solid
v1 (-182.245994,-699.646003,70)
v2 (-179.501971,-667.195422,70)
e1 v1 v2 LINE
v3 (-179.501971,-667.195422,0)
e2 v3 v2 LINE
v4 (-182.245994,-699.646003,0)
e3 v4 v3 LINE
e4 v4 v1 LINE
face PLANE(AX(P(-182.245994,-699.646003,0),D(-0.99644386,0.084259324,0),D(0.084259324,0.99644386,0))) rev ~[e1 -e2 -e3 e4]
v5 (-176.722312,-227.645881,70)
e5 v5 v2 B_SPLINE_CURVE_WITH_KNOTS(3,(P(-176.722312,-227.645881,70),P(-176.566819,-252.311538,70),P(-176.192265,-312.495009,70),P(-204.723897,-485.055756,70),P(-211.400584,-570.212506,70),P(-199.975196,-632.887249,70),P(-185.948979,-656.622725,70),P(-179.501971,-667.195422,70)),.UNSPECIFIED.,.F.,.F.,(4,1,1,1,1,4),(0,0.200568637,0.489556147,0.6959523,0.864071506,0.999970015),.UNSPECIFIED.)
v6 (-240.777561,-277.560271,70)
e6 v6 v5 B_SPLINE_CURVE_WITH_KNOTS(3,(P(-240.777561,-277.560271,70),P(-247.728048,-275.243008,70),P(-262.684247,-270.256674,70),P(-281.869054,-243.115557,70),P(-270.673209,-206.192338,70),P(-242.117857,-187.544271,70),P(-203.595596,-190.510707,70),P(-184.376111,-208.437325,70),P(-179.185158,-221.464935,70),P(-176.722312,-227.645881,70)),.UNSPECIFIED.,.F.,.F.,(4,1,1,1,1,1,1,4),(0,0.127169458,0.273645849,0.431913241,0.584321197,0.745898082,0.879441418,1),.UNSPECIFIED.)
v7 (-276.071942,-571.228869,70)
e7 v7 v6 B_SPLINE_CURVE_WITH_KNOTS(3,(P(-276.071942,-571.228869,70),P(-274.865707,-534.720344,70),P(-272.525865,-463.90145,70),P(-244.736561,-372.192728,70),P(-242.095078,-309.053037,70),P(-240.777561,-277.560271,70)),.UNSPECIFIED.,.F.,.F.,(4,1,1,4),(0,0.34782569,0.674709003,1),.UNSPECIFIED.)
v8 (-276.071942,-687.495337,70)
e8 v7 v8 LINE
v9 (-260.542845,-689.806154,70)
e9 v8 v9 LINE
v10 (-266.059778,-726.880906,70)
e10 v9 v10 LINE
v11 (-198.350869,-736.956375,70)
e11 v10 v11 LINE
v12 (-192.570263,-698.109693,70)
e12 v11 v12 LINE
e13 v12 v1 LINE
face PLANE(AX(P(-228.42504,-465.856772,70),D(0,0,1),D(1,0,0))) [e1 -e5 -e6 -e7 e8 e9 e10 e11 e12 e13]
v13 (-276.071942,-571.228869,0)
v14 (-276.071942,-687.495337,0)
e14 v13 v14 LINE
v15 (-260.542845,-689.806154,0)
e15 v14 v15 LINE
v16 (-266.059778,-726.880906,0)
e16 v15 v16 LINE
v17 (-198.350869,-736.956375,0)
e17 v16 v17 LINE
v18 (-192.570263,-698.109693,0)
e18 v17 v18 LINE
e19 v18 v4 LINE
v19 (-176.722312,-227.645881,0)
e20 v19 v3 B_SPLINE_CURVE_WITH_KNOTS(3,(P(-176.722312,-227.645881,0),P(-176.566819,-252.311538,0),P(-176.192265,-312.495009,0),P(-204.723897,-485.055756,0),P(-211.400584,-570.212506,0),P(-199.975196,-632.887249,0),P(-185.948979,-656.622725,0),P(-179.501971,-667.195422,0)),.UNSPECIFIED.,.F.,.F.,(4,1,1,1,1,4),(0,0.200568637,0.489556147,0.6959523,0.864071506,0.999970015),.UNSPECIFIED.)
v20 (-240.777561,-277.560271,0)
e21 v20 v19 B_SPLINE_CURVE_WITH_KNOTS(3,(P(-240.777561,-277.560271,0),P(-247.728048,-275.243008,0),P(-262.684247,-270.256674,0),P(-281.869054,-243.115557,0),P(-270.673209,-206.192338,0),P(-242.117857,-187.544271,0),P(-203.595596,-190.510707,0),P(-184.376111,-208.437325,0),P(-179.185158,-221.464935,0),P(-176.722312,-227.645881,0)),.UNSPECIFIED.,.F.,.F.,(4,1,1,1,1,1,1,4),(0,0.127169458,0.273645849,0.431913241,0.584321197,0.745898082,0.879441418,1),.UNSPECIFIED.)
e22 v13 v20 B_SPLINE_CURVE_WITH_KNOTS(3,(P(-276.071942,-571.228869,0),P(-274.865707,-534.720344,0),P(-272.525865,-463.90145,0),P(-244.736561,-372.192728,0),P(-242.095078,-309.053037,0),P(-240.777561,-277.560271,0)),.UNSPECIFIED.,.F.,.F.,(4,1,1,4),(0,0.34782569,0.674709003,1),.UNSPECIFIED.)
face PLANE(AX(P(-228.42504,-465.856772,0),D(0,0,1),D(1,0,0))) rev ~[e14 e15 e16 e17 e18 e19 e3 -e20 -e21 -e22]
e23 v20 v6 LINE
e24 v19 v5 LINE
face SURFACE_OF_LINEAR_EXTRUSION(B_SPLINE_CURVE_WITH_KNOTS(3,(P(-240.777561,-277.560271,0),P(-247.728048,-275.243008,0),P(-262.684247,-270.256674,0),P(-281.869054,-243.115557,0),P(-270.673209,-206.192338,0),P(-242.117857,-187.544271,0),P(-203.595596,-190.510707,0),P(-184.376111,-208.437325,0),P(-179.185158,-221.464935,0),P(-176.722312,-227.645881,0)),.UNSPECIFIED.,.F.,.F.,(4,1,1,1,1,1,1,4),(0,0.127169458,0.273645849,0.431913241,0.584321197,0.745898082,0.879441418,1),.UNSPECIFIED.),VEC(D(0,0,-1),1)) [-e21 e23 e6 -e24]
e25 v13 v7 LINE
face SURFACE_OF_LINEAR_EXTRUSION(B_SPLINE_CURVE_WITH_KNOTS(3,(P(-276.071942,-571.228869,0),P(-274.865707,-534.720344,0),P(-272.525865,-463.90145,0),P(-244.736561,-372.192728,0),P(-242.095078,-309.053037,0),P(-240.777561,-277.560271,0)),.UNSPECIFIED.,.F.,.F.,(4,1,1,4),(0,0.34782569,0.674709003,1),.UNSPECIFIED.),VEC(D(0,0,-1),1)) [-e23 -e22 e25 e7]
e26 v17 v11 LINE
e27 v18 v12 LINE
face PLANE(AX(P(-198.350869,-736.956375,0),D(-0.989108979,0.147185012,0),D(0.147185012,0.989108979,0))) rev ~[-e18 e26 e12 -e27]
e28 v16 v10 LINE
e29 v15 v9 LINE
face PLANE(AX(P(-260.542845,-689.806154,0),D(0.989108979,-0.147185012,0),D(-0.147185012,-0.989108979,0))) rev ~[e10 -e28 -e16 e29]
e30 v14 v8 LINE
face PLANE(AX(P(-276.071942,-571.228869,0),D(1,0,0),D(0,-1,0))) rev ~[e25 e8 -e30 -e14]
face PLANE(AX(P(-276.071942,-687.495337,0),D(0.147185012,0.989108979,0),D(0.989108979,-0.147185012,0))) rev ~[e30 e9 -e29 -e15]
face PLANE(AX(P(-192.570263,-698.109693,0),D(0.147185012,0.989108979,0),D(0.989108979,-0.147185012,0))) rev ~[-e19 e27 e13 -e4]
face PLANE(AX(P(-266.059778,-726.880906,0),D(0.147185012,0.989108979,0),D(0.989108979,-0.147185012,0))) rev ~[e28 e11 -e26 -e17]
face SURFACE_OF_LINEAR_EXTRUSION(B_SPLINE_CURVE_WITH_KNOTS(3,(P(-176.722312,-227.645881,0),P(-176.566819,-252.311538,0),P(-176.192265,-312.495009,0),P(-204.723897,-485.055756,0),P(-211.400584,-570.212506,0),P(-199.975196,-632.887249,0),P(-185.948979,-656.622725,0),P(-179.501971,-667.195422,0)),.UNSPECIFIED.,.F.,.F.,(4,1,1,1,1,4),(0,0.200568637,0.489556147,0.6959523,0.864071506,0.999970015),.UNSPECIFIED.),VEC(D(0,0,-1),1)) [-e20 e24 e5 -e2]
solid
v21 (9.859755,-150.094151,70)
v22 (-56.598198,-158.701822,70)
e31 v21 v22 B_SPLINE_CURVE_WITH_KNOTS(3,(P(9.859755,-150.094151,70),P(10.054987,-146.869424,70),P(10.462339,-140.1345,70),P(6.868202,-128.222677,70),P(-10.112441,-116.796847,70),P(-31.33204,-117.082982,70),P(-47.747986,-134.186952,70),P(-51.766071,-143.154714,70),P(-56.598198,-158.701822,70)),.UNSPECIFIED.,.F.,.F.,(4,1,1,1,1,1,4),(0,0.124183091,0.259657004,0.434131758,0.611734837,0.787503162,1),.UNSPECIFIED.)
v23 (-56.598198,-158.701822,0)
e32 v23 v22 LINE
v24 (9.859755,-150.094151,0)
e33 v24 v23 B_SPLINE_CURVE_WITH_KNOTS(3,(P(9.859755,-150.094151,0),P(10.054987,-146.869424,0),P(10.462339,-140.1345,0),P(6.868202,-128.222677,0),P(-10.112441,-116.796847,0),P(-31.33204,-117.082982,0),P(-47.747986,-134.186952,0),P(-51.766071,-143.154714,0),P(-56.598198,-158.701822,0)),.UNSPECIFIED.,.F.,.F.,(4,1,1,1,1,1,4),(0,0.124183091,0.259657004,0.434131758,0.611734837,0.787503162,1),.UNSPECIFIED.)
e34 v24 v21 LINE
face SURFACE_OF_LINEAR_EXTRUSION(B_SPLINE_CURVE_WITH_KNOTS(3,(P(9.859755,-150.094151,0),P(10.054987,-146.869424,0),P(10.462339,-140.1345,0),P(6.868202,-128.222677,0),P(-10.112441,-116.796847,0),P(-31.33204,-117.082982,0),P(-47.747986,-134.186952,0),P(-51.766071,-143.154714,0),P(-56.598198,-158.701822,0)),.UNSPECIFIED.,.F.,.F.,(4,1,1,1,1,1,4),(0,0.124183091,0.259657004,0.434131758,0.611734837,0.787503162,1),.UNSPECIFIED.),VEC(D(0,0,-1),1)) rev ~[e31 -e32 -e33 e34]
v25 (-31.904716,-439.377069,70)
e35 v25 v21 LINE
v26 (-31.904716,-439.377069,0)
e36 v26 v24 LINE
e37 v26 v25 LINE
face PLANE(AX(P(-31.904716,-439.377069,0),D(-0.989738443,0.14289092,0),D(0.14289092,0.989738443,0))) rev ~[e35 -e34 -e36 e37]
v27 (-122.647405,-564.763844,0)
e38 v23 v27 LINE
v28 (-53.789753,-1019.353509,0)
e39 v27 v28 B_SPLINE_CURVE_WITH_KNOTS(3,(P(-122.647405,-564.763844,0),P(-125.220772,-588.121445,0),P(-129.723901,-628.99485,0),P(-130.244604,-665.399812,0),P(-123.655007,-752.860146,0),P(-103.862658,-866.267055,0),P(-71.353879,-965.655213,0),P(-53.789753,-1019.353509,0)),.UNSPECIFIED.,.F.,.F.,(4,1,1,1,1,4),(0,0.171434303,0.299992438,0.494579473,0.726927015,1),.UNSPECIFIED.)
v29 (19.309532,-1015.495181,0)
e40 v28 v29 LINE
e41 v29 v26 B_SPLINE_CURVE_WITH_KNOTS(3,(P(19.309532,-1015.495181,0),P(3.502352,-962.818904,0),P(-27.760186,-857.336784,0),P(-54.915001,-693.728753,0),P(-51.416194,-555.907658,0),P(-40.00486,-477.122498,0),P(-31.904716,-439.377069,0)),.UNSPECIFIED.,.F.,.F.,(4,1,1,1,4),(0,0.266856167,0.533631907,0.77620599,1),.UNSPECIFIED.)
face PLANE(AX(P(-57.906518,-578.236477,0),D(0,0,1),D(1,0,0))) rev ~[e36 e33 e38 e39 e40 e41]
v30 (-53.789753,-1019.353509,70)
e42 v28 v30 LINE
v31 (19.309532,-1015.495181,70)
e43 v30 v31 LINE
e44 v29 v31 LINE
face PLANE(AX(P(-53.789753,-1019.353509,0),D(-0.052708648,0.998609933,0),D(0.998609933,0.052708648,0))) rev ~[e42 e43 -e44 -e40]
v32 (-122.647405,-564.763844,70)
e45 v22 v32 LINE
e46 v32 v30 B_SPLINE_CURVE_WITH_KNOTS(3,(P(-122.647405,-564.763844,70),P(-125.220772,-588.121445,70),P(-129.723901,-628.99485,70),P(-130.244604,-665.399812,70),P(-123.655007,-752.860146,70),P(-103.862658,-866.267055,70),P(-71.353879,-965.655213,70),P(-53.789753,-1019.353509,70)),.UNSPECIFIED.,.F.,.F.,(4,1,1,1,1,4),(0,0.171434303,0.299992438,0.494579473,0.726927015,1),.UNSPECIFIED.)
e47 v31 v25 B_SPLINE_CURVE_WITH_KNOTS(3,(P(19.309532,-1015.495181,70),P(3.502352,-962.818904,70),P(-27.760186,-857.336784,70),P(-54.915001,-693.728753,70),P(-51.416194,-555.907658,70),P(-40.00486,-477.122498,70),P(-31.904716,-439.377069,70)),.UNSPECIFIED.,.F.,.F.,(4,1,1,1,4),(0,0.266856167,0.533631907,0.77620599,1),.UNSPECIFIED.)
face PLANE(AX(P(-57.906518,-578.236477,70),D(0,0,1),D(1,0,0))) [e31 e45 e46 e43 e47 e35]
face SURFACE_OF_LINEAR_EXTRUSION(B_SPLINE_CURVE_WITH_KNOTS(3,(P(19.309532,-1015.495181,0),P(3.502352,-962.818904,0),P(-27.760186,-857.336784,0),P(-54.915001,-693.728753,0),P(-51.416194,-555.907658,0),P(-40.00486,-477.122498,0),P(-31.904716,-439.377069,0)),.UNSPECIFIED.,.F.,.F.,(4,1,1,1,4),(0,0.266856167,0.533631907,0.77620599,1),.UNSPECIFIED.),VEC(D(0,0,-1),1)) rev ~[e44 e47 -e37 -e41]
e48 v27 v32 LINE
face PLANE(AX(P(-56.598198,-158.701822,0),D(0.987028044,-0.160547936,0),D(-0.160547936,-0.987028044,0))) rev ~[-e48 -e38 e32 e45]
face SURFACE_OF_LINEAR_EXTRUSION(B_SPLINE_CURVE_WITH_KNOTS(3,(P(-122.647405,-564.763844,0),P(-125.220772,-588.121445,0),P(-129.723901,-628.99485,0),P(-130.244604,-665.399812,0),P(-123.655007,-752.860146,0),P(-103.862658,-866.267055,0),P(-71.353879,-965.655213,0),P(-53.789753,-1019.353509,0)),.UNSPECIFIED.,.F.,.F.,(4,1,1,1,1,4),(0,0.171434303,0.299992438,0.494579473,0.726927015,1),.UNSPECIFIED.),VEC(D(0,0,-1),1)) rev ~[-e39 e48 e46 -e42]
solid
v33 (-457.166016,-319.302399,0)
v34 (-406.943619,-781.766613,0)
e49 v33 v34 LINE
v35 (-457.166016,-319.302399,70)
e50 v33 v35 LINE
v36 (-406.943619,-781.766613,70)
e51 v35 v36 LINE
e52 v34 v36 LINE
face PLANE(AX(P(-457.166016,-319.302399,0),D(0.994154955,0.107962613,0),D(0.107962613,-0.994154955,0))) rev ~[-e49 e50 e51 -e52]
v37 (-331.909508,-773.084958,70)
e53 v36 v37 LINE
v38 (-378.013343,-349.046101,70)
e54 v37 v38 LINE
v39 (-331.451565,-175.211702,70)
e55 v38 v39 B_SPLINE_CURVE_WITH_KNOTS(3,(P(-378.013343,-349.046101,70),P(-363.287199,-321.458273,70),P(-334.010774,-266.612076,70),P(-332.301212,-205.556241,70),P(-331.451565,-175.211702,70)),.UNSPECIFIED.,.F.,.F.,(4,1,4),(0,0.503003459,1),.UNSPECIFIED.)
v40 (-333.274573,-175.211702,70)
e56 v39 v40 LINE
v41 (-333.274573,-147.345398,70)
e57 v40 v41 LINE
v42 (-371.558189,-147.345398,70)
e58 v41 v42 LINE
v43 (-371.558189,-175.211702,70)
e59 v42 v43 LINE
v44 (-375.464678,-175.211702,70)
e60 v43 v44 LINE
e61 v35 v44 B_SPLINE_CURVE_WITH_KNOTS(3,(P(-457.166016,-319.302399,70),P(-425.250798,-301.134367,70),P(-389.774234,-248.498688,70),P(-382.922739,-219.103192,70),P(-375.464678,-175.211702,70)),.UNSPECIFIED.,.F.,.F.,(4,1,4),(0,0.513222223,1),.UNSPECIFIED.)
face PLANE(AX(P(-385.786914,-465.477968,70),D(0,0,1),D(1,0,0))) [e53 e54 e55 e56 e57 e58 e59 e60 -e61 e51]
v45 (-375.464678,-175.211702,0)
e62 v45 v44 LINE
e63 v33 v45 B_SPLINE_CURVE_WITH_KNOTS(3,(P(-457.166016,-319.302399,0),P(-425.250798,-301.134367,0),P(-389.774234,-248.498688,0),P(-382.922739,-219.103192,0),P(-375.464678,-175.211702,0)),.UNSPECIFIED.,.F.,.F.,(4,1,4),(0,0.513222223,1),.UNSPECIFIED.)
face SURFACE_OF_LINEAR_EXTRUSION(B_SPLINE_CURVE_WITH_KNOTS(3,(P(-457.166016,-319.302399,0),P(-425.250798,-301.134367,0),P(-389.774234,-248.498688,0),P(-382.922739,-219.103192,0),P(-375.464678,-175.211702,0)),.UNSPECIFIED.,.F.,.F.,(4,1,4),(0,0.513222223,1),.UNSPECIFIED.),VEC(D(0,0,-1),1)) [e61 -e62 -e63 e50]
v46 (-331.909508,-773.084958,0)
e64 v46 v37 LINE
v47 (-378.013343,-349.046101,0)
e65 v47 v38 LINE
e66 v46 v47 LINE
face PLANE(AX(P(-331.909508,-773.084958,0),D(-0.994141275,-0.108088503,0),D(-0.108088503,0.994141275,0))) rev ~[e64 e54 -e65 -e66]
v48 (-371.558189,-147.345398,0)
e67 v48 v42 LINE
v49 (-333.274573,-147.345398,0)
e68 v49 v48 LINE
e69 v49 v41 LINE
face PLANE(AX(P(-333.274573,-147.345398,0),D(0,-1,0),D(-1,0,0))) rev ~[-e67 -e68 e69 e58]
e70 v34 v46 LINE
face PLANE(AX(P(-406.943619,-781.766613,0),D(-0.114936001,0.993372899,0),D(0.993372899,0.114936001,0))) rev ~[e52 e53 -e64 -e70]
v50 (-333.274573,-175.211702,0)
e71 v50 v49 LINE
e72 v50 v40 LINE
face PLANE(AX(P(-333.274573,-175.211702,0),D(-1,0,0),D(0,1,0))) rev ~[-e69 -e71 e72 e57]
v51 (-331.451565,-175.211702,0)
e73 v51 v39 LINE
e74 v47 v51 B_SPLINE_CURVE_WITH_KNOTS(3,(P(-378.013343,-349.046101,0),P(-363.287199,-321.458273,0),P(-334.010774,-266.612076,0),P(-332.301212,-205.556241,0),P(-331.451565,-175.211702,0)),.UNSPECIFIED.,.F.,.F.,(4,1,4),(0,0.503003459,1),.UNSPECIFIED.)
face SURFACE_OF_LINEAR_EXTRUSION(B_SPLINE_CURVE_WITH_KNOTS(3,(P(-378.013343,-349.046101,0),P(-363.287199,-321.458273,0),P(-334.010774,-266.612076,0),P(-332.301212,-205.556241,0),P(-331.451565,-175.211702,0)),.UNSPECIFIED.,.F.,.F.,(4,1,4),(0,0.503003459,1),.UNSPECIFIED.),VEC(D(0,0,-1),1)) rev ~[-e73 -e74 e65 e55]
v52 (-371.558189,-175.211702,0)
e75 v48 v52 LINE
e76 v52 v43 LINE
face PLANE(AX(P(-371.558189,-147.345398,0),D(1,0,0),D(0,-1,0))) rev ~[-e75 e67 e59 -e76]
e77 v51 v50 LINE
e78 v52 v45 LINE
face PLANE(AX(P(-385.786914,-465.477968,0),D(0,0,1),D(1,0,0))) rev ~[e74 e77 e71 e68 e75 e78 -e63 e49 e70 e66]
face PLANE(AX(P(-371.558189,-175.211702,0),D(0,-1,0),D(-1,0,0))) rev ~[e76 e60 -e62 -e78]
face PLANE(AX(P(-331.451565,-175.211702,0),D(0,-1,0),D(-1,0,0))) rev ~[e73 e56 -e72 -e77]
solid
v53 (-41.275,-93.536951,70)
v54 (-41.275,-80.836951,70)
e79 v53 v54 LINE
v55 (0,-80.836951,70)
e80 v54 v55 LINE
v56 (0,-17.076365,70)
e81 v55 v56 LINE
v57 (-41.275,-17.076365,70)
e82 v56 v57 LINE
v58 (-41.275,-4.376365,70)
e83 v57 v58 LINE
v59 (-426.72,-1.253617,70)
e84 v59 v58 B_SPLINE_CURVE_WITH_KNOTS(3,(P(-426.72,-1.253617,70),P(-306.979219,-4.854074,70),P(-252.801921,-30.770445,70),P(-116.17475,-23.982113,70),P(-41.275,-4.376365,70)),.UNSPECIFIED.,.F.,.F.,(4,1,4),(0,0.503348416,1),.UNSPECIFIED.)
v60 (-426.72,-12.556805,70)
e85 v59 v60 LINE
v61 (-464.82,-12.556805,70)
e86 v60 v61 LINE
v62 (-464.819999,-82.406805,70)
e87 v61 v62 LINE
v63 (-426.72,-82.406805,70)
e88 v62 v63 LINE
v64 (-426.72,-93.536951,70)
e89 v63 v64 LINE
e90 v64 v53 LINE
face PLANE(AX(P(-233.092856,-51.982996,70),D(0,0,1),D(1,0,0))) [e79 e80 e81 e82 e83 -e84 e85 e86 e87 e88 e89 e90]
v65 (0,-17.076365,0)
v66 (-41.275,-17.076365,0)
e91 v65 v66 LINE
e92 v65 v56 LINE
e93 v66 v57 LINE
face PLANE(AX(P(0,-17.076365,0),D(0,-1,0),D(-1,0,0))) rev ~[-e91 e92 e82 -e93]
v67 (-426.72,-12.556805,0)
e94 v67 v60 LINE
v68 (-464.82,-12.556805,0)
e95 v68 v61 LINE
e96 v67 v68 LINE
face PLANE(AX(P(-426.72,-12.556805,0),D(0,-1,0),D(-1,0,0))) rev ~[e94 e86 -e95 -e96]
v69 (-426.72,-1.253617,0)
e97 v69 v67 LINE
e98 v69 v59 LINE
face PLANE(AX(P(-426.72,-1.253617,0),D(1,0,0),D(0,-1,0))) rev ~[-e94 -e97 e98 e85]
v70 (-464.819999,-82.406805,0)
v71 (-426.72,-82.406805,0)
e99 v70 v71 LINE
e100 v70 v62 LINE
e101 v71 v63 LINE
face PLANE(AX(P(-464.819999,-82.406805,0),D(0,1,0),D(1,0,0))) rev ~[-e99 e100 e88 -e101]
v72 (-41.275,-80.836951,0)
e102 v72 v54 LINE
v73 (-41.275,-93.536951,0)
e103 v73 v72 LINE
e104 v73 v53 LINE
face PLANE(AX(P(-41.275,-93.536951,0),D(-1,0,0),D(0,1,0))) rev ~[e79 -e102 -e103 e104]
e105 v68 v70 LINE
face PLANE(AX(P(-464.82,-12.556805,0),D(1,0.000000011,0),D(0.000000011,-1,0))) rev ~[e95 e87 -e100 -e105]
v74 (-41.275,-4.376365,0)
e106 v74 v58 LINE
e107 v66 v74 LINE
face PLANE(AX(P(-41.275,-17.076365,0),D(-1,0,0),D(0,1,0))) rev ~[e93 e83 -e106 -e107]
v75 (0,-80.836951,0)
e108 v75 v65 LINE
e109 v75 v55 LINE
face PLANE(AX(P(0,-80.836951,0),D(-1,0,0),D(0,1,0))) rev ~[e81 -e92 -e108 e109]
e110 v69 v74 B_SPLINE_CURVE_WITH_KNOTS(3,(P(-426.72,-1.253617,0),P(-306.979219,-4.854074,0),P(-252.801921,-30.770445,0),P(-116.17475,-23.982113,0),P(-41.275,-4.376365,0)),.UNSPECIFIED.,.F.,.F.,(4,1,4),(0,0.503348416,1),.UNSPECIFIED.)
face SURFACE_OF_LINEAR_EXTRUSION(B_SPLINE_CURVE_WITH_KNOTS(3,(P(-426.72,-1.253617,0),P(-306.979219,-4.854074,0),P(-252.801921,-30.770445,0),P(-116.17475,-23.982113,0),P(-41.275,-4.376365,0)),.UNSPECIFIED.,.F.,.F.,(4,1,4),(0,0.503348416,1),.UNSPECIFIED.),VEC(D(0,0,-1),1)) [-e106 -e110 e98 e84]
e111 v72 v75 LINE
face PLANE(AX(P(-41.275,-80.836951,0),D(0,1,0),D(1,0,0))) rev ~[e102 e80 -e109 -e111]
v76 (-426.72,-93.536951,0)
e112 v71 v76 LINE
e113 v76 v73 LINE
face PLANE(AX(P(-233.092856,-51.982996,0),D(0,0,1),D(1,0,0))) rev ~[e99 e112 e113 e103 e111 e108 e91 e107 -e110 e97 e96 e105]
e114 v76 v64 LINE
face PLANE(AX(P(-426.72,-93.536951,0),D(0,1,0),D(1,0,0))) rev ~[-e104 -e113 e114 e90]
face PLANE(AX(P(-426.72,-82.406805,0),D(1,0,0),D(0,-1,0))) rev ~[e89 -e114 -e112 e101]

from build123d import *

# Parameters (mm, degrees)
F1_DEPTH = 70
F5_DEPTH = 70
F6_DEPTH = 70
F7_DEPTH = 70


with BuildPart() as f1:
    # F0 (on Top) → F1 (new body)
    with BuildSketch(Plane.XY):
        with BuildLine():
            Line((0, -80.8369506478), (0, -17.0763648719))
            Line((0, -17.0763648719), (-41.275, -17.0763648719))
            Line((-41.275, -17.0763648719), (-41.275, -4.3763648719))
            add(Edge.make_bspline(
                [(-426.72, -1.2536168797), (-306.9792187663, -4.8540736601), (-252.8019208578, -30.7704452863), (-116.174750468, -23.9821132962), (-41.275, -4.3763648719)],
                knots=[0, 0, 0, 0, 0.5033484163, 1, 1, 1, 1], degree=3))
            Line((-426.72, -1.2536168797), (-426.72, -12.5568046654))
            Line((-426.72, -12.5568046654), (-464.82, -12.5568046654))
            Line((-464.82, -12.5568046654), (-464.8199992132, -82.4068046654))
            Line((-464.8199992132, -82.4068046654), (-426.72, -82.4068046654))
            Line((-426.72, -82.4068046654), (-426.72, -93.5369506478))
            Line((-426.72, -93.5369506478), (-41.275, -93.5369506478))
            Line((-41.275, -93.5369506478), (-41.275, -80.8369506478))
            Line((-41.275, -80.8369506478), (0, -80.8369506478))
        make_face()
    extrude(amount=F1_DEPTH)


with BuildPart() as f5:
    # F4 (on Top) → F5 (new body)
    with BuildSketch(Plane.XY):
        with BuildLine():
            add(Edge.make_bspline(
                [(-122.6474046707, -564.7638440132), (-125.2207719505, -588.1214450197), (-129.7239006189, -628.9948498946), (-130.2446044737, -665.3998124801), (-123.6550065599, -752.860146017), (-103.8626584793, -866.2670547327), (-71.3538788225, -965.6552130056), (-53.7897534668, -1019.3535089493)],
                knots=[0, 0, 0, 0, 0.1714343031, 0.2999924383, 0.4945794726, 0.726927015, 1, 1, 1, 1], degree=3))
            Line((-53.7897534668, -1019.3535089493), (19.3095318973, -1015.4951810837))
            add(Edge.make_bspline(
                [(19.3095318973, -1015.4951810837), (3.5023515074, -962.8189042984), (-27.7601855053, -857.3367838343), (-54.9150007121, -693.7287526118), (-51.4161941333, -555.9076583898), (-40.0048601129, -477.1224978312), (-31.9047160447, -439.3770694733)],
                knots=[0, 0, 0, 0, 0.2668561673, 0.5336319067, 0.77620599, 1, 1, 1, 1], degree=3))
            Line((-31.9047160447, -439.3770694733), (9.8597547039, -150.0941514969))
            add(Edge.make_bspline(
                [(9.8597547039, -150.0941514969), (10.054987464, -146.8694243337), (10.4623393048, -140.1345000197), (6.8682018469, -128.222677129), (-10.1124407795, -116.7968467644), (-31.3320399103, -117.0829821984), (-47.7479860951, -134.1869515337), (-51.7660707931, -143.1547142728), (-56.5981976688, -158.7018221617)],
                knots=[0, 0, 0, 0, 0.1241830915, 0.2596570039, 0.4341317578, 0.6117348373, 0.7875031625, 1, 1, 1, 1], degree=3))
            Line((-56.5981976688, -158.7018221617), (-122.6474046707, -564.7638440132))
        make_face()
    extrude(amount=F5_DEPTH)


with BuildPart() as f6:
    # F2 (on Top) → F6 (new body)
    with BuildSketch(Plane.XY):
        with BuildLine():
            Line((-457.1660161018, -319.3023993452), (-406.9436192513, -781.7666127165))
            Line((-406.9436192513, -781.7666127165), (-331.909507513, -773.0849577864))
            Line((-331.909507513, -773.0849577864), (-378.0133426189, -349.0461005648))
            add(Edge.make_bspline(
                [(-378.0133426189, -349.0461005648), (-363.287199279, -321.4582734772), (-334.0107736625, -266.6120758675), (-332.3012115062, -205.556240959), (-331.4515650272, -175.2117021759)],
                knots=[0, 0, 0, 0, 0.5030034586, 1, 1, 1, 1], degree=3))
            Line((-331.4515650272, -175.2117021759), (-333.2745730877, -175.2117021759))
            Line((-333.2745730877, -175.2117021759), (-333.2745730877, -147.3453982552))
            Line((-333.2745730877, -147.3453982552), (-371.5581893921, -147.3453982552))
            Line((-371.5581893921, -147.3453982552), (-371.5581893921, -175.2117021759))
            Line((-371.5581893921, -175.2117021759), (-375.4646778107, -175.2117021759))
            add(Edge.make_bspline(
                [(-457.1660161018, -319.3023993452), (-425.2507984638, -301.1343671759), (-389.7742344375, -248.4986877124), (-382.9227387905, -219.1031916817), (-375.4646778107, -175.2117021759)],
                knots=[0, 0, 0, 0, 0.5132222227, 1, 1, 1, 1], degree=3))
        make_face()
    extrude(amount=F6_DEPTH)


with BuildPart() as f7:
    # F3 (on Top) → F7 (new body)
    with BuildSketch(Plane.XY):
        with BuildLine():
            Line((-198.3508691785, -736.9563750927), (-192.570263139, -698.1096932839))
            Line((-192.570263139, -698.1096932839), (-182.2459936058, -699.646003003))
            Line((-182.2459936058, -699.646003003), (-179.5019714315, -667.1954215657))
            add(Edge.make_bspline(
                [(-176.7223119652, -227.6458809327), (-176.5668190951, -252.3115382516), (-176.1922654752, -312.4950087519), (-204.7238971979, -485.055755701), (-211.4005836768, -570.2125064946), (-199.9751960664, -632.8872494954), (-185.9489787847, -656.6227252698), (-179.5019714315, -667.1954215657)],
                knots=[0, 0, 0, 0, 0.2005686368, 0.4895561474, 0.6959523, 0.8640715055, 0.9999700147, 0.9999700147, 0.9999700147, 0.9999700147], degree=3))
            add(Edge.make_bspline(
                [(-240.7775610602, -277.5602707814), (-247.7280476649, -275.2430077452), (-262.6842473417, -270.2566736012), (-281.869053969, -243.1155566289), (-270.6732085806, -206.1923384198), (-242.1178571449, -187.5442706078), (-203.595595518, -190.5107065704), (-184.376110688, -208.4373248487), (-179.185157985, -221.4649350246), (-176.7223119652, -227.6458809327)],
                knots=[0, 0, 0, 0, 0.1271694583, 0.2736458494, 0.4319132409, 0.5843211966, 0.7458980823, 0.8794414181, 1, 1, 1, 1], degree=3))
            add(Edge.make_bspline(
                [(-276.0719417483, -571.228868718), (-274.8657073732, -534.7203435732), (-272.5258652754, -463.9014498122), (-244.7365606276, -372.1927279718), (-242.0950778124, -309.0530369528), (-240.7775610602, -277.5602707814)],
                knots=[0, 0, 0, 0, 0.3478256902, 0.674709003, 1, 1, 1, 1], degree=3))
            Line((-276.0719417483, -571.228868718), (-276.0719417483, -687.4953368074))
            Line((-276.0719417483, -687.4953368074), (-260.5428447788, -689.8061542968))
            Line((-260.5428447788, -689.8061542968), (-266.0597776571, -726.8809064283))
            Line((-266.0597776571, -726.8809064283), (-198.3508691785, -736.9563750927))
        make_face()
    extrude(amount=F7_DEPTH)


solid = Compound([f1.part, f5.part, f6.part, f7.part])
